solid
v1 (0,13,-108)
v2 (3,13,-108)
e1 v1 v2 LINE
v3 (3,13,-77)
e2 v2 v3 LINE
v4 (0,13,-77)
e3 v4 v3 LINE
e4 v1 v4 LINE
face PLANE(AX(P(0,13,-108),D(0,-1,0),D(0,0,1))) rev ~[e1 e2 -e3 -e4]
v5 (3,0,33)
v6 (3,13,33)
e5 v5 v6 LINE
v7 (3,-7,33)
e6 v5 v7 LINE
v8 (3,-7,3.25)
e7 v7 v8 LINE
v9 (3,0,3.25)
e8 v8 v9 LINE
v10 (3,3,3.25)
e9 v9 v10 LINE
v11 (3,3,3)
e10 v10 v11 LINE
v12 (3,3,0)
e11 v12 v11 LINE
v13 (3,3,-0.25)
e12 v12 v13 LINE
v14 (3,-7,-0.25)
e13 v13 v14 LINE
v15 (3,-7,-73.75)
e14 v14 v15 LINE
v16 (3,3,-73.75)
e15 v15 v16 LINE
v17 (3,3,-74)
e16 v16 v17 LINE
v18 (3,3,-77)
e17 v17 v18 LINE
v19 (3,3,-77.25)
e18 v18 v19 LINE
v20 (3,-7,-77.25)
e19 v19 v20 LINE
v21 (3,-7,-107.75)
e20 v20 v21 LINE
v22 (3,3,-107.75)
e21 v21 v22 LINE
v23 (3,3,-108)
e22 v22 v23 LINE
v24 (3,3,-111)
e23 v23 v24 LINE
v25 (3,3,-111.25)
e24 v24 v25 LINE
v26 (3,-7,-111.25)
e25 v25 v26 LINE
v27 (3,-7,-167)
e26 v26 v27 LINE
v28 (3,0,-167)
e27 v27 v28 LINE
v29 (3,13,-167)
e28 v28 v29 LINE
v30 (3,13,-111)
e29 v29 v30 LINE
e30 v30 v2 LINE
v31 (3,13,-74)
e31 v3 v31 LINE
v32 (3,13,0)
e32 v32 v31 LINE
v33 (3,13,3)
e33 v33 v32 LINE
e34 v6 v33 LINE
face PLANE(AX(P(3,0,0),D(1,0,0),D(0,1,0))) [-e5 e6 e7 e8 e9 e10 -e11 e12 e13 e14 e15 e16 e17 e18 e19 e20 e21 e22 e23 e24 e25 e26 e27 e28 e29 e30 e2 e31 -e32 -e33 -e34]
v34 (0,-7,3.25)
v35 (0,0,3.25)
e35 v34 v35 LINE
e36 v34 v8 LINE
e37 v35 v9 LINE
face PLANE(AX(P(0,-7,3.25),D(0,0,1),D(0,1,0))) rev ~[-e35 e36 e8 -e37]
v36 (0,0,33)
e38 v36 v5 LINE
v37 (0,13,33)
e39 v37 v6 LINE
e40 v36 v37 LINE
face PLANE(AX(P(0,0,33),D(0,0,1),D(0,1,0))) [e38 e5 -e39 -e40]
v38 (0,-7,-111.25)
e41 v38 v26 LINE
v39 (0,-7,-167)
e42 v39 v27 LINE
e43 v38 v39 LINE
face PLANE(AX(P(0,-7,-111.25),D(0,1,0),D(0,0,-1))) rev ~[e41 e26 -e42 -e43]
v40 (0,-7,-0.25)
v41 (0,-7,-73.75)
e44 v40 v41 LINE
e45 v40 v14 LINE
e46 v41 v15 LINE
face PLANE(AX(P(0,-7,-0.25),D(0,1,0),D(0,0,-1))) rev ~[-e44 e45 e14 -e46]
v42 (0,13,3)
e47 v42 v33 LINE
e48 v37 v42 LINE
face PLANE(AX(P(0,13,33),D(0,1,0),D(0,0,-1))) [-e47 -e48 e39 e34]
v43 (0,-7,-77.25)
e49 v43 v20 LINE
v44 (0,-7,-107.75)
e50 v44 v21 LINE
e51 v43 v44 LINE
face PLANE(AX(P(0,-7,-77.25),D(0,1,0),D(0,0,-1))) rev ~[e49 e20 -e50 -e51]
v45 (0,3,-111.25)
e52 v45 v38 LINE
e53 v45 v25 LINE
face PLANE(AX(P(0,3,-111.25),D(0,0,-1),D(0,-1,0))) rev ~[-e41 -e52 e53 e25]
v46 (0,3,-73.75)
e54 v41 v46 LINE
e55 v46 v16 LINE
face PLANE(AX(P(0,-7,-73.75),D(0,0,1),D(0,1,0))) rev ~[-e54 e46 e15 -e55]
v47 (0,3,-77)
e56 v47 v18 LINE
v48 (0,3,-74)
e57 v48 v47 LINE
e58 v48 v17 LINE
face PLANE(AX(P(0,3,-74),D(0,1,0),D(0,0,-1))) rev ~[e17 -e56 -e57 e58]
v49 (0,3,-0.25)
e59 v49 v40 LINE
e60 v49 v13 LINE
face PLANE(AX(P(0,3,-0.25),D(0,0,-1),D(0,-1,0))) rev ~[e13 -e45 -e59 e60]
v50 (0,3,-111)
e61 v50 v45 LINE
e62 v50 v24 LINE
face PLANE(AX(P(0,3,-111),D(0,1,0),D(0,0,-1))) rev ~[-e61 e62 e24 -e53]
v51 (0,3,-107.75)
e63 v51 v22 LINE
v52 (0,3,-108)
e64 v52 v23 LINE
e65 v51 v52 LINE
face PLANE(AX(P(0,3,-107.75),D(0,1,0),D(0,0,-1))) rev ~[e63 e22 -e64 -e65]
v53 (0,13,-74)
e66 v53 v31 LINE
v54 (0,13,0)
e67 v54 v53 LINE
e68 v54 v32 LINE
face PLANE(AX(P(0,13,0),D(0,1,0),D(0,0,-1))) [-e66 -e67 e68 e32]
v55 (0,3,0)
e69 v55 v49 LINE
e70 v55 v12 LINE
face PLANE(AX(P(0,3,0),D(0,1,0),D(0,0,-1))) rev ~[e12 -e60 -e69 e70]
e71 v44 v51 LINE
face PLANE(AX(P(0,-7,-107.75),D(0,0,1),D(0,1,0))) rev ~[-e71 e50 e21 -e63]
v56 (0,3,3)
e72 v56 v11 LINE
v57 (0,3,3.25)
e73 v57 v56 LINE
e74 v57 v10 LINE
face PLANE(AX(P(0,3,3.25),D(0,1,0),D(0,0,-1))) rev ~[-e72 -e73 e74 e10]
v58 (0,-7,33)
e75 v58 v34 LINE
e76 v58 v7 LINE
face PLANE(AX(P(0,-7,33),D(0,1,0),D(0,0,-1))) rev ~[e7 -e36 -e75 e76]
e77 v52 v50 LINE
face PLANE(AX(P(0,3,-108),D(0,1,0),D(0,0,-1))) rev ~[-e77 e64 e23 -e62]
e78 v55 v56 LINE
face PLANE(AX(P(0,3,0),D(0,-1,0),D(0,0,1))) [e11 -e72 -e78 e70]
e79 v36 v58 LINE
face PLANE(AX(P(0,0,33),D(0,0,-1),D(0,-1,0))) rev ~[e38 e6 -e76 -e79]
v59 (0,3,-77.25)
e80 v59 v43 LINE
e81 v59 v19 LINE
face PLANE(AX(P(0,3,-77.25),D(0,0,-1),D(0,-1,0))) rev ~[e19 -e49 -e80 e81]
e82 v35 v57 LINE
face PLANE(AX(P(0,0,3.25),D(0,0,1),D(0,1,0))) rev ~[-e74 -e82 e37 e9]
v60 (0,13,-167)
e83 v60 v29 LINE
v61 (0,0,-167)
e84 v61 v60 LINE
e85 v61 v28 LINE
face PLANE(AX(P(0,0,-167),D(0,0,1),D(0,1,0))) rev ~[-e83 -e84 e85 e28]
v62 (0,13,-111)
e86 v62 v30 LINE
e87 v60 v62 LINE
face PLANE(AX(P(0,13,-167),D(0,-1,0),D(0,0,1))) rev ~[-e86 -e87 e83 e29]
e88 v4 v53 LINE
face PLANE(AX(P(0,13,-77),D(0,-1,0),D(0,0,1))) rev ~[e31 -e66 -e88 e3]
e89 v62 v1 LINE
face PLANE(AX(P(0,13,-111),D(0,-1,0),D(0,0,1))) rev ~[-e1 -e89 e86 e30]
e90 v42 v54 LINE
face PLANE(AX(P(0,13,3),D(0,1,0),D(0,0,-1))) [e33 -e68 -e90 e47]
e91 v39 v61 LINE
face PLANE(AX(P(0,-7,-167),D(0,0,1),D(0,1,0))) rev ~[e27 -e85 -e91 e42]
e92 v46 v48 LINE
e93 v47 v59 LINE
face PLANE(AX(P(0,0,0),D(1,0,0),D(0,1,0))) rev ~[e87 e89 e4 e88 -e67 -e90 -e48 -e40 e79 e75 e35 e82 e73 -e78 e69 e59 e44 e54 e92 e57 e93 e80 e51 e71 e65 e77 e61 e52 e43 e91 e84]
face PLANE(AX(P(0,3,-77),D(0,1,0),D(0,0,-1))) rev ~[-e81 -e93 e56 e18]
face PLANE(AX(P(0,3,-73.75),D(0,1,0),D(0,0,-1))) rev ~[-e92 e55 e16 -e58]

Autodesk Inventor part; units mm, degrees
ref_plane "YZ Plane" through (0, 0, 0) normal (1, 0, 0) x (0, 1, 0)
ref_plane "XZ Plane" through (0, 0, 0) normal (0, 1, 0) x (-1, 0, 0)
ref_plane "XY Plane" through (0, 0, 0) normal (0, 0, 1) x (1, 0, 0)
sketch "Sketch1" plane through (0, 0, 0) normal (1, 0, 0) x (0, 1, 0)
  line L0 (0, 0) -> (3, 0) construction
  line L1 (13, 0) -> (13, -74)
  line L2 (13, -74) -> (3, -74) construction
  line L3 (0, -74) -> (0, -73.75) construction
  line L4 (13, 0) -> (3, 0) construction
  line L5 (3, 0) -> (3, 3)
  line L6 (3, 3) -> (13, 3) construction
  line L7 (13, 3) -> (13, 0)
  line L8 (13, -74) -> (3, -74) construction
  line L9 (3, -74) -> (3, -77)
  line L10 (3, -77) -> (13, -77) construction
  line L11 (13, -77) -> (13, -74)
  line L12 (13, -77) -> (3, -77) construction
  line L13 (0, -77) -> (0, -77.25) construction
  line L14 (0, -108) -> (3, -108) construction
  line L15 (13, -108) -> (13, -77)
  line L16 (13, -108) -> (3, -108) construction
  line L17 (3, -108) -> (3, -111)
  line L18 (3, -111) -> (13, -111) construction
  line L19 (13, -111) -> (13, -108)
  line L20 (13, -111) -> (3, -111) construction
  line L21 (0, -111) -> (0, -167) construction
  line L22 (0, -167) -> (13, -167)
  line L23 (13, -167) -> (13, -111)
  line L24 (13, 3) -> (3, 3) construction
  line L25 (0, 3) -> (0, 3.25) construction
  line L26 (0, 33) -> (13, 33)
  line L27 (13, 33) -> (13, 3)
  line L28 (3, 3) -> (0, 3) construction
  line L29 (3, 0) -> (13, 0) construction
  line L30 (3, -74) -> (0, -74) construction
  line L31 (3, -77) -> (0, -77) construction
  line L32 (3, -108) -> (13, -108) construction
  line L33 (3, -111) -> (0, -111) construction
  line L34 (0, 33) -> (-7, 33)
  line L35 (-7, 33) -> (-7, 3.25)
  line L36 (-7, 3.25) -> (0, 3.25)
  line L37 (0, 3.25) -> (3, 3.25)
  line L38 (3, 3.25) -> (3, 3)
  line L39 (0, 3.25) -> (0, 33) construction
  line L40 (3, 0) -> (3, -0.25)
  line L41 (3, -0.25) -> (-7, -0.25)
  line L42 (0, -0.25) -> (0, 0) construction
  line L43 (-7, -0.25) -> (-7, -73.75)
  line L44 (-7, -73.75) -> (3, -73.75)
  line L45 (3, -73.75) -> (3, -74)
  line L46 (0, -73.75) -> (0, -0.25) construction
  line L47 (3, -77) -> (3, -77.25)
  line L48 (3, -77.25) -> (-7, -77.25)
  line L49 (-7, -77.25) -> (-7, -107.75)
  line L50 (-7, -107.75) -> (3, -107.75)
  line L51 (3, -107.75) -> (3, -108)
  line L52 (0, -77.25) -> (0, -108) construction
  line L53 (3, -111) -> (3, -111.25)
  line L54 (3, -111.25) -> (-7, -111.25)
  line L55 (-7, -111.25) -> (-7, -167)
  line L56 (-7, -167) -> (0, -167)
  dimension "d0" = 13
  dimension "d1" = 74
  dimension "d2" = 10
  dimension "d3" = 3
  dimension "d4" = 10
  dimension "d5" = 3
  dimension "d6" = 13
  dimension "d7" = 31
  dimension "d8" = 10
  dimension "d9" = 3
  dimension "d10" = 13
  dimension "d11" = 56
  dimension "d14" = 13
  dimension "d15" = 30
  dimension "d16" = 7
  dimension "d17" = 29.75
  dimension "d18" = 7
  dimension "d19" = 3
  dimension "d20" = 0.25
  dimension "d21" = 10
  dimension "d22" = 73.5
  dimension "d23" = 10
  dimension "d24" = 0.25
  dimension "d25" = 0.25
  dimension "d26" = 10
  dimension "d27" = 30.5
  dimension "d28" = 10
  dimension "d29" = 0.25
  dimension "d30" = 0.25
  dimension "d31" = 10
  dimension "d32" = 55.75
  dimension "d33" = 7
extrude "Extrusion1" add sketch "Sketch1" along normal blind 3
properties part number "baseInf" material "PMMA Plastic"
